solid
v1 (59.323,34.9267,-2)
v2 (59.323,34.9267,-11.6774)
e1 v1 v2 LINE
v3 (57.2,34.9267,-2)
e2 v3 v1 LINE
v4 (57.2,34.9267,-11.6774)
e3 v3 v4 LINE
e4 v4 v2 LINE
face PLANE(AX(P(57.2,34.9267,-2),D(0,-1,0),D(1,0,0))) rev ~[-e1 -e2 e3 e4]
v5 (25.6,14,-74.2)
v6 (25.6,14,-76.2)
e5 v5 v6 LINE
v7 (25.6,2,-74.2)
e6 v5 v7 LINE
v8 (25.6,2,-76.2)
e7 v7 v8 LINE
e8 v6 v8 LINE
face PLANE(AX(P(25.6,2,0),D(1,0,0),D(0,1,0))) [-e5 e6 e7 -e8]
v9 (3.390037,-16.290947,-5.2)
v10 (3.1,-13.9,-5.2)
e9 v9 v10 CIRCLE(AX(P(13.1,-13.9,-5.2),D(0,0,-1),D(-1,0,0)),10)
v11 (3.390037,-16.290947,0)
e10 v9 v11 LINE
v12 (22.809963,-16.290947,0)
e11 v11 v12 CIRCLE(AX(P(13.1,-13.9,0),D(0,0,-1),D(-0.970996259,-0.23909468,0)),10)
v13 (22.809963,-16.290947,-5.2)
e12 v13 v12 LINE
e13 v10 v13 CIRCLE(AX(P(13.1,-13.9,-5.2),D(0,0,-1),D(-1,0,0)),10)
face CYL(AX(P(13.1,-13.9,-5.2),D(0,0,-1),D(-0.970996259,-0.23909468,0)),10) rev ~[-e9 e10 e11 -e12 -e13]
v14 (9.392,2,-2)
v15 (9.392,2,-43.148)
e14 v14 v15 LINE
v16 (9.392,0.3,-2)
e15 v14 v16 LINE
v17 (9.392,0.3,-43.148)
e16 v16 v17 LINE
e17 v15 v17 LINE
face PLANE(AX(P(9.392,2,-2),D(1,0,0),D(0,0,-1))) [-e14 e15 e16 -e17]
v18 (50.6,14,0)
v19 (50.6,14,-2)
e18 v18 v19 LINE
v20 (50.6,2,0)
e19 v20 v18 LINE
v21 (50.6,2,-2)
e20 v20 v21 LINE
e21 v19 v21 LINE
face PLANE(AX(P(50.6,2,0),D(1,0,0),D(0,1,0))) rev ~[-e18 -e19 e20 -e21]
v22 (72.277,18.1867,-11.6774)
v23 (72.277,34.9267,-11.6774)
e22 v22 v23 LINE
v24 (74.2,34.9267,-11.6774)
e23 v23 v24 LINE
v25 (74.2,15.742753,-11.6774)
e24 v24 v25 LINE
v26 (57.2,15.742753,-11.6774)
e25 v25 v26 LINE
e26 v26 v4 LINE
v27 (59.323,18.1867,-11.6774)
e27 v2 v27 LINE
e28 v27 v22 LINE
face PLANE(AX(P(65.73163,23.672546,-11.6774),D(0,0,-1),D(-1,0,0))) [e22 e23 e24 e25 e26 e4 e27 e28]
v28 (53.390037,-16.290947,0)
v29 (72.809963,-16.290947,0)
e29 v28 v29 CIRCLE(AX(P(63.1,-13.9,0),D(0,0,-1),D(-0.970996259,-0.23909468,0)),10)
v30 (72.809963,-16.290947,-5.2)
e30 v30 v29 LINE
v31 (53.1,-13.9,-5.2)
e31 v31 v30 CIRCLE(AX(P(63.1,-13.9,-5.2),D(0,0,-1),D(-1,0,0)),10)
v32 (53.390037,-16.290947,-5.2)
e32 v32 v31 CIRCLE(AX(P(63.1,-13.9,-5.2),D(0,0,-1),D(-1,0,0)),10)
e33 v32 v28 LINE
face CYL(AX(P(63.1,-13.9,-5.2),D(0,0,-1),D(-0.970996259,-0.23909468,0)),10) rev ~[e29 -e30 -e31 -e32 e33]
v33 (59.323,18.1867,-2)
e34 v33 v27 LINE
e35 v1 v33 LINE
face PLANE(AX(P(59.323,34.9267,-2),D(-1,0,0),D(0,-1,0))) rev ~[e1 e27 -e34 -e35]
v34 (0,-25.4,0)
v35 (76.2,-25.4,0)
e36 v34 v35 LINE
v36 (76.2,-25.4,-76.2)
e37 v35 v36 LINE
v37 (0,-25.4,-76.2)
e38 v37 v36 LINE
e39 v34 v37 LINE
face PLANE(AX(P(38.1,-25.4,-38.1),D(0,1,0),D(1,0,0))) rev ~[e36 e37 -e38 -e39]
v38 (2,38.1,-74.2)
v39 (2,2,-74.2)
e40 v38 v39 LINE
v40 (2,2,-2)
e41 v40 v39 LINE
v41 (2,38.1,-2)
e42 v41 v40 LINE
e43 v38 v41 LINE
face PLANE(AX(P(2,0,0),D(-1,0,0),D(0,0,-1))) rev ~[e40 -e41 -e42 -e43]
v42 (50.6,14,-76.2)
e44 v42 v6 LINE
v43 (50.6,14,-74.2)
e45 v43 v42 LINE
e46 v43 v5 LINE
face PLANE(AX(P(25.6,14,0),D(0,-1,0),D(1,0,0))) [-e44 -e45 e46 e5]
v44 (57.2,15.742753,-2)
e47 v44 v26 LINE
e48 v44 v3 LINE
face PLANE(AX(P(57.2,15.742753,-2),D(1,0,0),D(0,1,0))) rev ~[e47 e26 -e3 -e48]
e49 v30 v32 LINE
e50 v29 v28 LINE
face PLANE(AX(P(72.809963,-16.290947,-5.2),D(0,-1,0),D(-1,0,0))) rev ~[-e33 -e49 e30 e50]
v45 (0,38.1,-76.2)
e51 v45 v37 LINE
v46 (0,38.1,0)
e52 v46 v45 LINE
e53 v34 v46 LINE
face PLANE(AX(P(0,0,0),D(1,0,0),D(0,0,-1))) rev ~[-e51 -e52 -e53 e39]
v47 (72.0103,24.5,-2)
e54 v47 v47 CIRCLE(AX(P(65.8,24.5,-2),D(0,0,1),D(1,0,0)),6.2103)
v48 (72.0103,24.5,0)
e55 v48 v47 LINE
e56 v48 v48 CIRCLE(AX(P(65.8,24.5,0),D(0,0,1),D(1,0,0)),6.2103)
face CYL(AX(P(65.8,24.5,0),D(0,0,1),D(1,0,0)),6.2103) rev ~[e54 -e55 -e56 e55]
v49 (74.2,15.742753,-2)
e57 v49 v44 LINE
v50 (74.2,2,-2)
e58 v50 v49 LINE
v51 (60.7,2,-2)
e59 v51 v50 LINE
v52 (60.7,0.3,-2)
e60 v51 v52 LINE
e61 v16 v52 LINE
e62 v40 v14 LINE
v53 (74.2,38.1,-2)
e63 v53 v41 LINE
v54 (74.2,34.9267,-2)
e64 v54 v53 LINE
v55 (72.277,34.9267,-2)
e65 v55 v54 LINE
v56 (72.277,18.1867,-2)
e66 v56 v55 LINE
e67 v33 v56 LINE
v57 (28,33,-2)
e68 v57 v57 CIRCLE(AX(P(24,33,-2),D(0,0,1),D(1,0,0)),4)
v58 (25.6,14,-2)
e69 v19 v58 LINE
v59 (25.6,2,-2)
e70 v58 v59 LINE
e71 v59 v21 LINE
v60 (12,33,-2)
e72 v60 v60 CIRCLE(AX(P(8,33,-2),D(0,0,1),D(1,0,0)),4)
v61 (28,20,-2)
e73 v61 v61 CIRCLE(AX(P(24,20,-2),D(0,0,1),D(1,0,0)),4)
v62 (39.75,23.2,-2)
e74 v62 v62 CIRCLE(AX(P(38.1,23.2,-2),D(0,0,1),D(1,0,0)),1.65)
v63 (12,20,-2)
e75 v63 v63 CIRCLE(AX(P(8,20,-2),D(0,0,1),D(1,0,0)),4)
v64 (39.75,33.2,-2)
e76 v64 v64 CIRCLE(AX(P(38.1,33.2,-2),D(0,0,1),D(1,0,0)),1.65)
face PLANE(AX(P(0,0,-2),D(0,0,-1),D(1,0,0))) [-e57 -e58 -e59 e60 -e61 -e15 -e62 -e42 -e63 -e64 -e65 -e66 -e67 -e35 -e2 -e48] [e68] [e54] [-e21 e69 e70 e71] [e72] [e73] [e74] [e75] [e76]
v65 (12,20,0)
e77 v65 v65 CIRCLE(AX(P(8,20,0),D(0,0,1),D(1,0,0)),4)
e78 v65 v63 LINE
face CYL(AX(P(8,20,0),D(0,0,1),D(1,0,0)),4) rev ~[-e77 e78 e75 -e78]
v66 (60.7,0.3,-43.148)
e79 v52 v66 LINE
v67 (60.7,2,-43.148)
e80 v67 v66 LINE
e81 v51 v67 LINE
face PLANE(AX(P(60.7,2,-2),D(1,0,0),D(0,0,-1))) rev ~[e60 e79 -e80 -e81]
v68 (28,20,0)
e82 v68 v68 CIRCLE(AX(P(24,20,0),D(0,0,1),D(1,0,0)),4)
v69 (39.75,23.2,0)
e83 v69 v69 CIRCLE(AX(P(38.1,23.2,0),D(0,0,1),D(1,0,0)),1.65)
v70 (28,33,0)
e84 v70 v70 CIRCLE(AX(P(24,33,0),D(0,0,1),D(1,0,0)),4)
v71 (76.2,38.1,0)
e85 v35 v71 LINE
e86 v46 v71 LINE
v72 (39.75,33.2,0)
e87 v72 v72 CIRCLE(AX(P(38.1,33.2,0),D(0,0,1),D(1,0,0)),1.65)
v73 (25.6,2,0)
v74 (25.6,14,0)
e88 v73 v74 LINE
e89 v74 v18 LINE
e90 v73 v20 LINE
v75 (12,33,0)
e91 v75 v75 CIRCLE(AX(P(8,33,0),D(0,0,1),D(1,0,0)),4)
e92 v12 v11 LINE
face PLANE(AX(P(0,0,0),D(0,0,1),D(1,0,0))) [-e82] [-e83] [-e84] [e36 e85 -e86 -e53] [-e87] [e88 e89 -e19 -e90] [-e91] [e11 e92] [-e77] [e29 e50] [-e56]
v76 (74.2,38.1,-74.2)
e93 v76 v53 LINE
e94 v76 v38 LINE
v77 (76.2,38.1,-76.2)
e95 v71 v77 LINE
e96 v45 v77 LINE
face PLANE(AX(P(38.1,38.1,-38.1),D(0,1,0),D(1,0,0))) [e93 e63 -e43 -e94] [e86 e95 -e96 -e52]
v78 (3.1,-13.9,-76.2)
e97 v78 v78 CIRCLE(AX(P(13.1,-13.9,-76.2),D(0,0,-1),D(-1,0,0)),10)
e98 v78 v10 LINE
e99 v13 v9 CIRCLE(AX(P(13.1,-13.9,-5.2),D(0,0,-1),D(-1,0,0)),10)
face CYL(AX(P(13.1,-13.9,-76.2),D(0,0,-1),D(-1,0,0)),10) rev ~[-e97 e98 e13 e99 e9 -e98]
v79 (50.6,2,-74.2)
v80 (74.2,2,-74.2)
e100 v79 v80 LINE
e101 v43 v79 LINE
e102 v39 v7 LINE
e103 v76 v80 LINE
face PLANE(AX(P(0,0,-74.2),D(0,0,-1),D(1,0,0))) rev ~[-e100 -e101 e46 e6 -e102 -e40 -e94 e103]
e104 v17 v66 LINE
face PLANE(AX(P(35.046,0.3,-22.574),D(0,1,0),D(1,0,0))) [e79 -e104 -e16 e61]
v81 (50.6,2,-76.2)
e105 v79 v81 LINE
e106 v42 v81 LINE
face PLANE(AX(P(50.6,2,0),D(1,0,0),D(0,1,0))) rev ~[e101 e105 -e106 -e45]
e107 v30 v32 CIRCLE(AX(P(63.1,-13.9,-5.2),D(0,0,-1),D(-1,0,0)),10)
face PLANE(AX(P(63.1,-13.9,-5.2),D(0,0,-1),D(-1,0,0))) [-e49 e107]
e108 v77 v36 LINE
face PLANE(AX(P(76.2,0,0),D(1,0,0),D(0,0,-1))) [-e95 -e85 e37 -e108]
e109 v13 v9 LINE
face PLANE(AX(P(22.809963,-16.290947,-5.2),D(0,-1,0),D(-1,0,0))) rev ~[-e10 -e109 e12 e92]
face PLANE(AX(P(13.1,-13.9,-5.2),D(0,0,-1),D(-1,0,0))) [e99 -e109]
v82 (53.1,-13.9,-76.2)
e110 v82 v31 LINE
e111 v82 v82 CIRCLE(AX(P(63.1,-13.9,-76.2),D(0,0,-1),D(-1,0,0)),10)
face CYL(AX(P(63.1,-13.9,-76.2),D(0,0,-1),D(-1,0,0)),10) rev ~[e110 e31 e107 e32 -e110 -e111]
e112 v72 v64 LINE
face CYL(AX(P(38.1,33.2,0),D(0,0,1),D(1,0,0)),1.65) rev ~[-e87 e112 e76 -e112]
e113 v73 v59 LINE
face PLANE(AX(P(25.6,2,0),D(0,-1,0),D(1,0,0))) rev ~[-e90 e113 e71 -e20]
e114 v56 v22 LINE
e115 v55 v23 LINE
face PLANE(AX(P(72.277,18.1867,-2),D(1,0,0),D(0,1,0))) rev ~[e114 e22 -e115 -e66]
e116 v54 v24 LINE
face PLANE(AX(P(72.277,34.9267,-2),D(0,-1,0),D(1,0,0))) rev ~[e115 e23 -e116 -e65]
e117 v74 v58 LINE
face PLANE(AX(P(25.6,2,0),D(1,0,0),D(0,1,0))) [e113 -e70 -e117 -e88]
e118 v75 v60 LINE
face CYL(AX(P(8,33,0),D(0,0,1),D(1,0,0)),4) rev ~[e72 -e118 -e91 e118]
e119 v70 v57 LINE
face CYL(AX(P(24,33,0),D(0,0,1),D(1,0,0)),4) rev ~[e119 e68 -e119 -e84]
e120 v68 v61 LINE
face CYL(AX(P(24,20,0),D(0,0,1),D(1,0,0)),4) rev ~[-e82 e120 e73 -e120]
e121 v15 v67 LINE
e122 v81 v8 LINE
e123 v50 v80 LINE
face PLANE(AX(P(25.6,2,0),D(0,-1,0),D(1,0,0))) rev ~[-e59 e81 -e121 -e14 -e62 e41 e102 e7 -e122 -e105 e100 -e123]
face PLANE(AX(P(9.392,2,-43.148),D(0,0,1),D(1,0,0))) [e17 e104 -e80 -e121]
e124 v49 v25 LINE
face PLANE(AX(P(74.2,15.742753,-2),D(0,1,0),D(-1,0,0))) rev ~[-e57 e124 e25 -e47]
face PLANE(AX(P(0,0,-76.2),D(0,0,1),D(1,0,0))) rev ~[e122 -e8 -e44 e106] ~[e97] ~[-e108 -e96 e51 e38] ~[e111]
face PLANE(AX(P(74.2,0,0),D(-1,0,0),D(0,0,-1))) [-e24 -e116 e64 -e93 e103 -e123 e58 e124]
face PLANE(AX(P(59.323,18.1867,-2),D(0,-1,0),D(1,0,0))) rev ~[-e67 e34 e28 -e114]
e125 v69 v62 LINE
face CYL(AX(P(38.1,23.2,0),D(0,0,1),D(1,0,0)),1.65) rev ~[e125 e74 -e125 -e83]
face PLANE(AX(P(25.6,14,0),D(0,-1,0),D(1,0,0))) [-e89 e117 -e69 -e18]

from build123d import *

# Parameters (mm, degrees)
SKETCH1_W           = 76.2
SKETCH1_H           = 76.2
BOSS_EXTRUDE1_DEPTH = 38.1
SHELL1_T            = -2
SKETCH2_W           = 25
SKETCH2_H           = 12
CUT_EXTRUDE1_DEPTH  = 115.3
CUT_EXTRUDE2_REACH  = 116.3
SKETCH3_R           = 4
CUT_EXTRUDE3_REACH  = 116.3
SKETCH4_R           = 6.2103
CUT_EXTRUDE4_REACH  = 116.3
SKETCH6_R           = 1.65
SKETCH1_2_W         = 76.2
SKETCH1_2_H         = 76.2
BOSS_EXTRUDE2_DEPTH = 25.4
SKETCH11_R          = 10
CUT_EXTRUDE6_DEPTH  = 71
CUT_EXTRUDE8_REACH  = 112.901
SKETCH16_W          = 51.308
SKETCH16_H          = 41.148
CUT_EXTRUDE9_DEPTH  = 1.7
BOSS_EXTRUDE3_DEPTH = 9.6774


with BuildPart() as part:
    # Sketch1 → Boss-Extrude1 (new body)
    with BuildSketch(Plane(origin=(0, 0, 0), x_dir=(1, 0, 0), z_dir=(0, 1, 0))):
        with Locations((38.1, 38.1)):
            Rectangle(SKETCH1_W, SKETCH1_H)
    extrude(amount=BOSS_EXTRUDE1_DEPTH)

    # Shell1
    shell1_openings = [part.faces().sort_by_distance(p)[0] for p in [
        (38.1, 38.1, -38.1),
    ]]
    offset(amount=SHELL1_T, openings=shell1_openings, kind=Kind.INTERSECTION)

    # Sketch2 → Cut-Extrude1 (cut, through all)
    with BuildSketch(Plane.XY):
        with Locations((38.1, 8)):
            Rectangle(SKETCH2_W, SKETCH2_H)
    extrude(amount=-CUT_EXTRUDE1_DEPTH, mode=Mode.SUBTRACT)

    # Sketch3 → Cut-Extrude2 (cut, up to next)
    with BuildSketch(Plane.XY, mode=Mode.PRIVATE) as cut_extrude2_sk1:
        with Locations((24, 20)):
            Circle(SKETCH3_R)
    cut_extrude2_tool1 = extrude(cut_extrude2_sk1.sketch, amount=-CUT_EXTRUDE2_REACH, mode=Mode.PRIVATE) & part.part
    # Sketch3 → Cut-Extrude2 (cut, up to next)
    with BuildSketch(Plane.XY, mode=Mode.PRIVATE) as cut_extrude2_sk2:
        with Locations((8, 20)):
            Circle(SKETCH3_R)
    cut_extrude2_tool2 = extrude(cut_extrude2_sk2.sketch, amount=-CUT_EXTRUDE2_REACH, mode=Mode.PRIVATE) & part.part
    # Sketch3 → Cut-Extrude2 (cut, up to next)
    with BuildSketch(Plane.XY, mode=Mode.PRIVATE) as cut_extrude2_sk3:
        with Locations((24, 33)):
            Circle(SKETCH3_R)
    cut_extrude2_tool3 = extrude(cut_extrude2_sk3.sketch, amount=-CUT_EXTRUDE2_REACH, mode=Mode.PRIVATE) & part.part
    # Sketch3 → Cut-Extrude2 (cut, up to next)
    with BuildSketch(Plane.XY, mode=Mode.PRIVATE) as cut_extrude2_sk4:
        with Locations((8, 33)):
            Circle(SKETCH3_R)
    cut_extrude2_tool4 = extrude(cut_extrude2_sk4.sketch, amount=-CUT_EXTRUDE2_REACH, mode=Mode.PRIVATE) & part.part
    add(cut_extrude2_tool1.solids().sort_by_distance((24, 20, 0))[0], mode=Mode.SUBTRACT)
    add(cut_extrude2_tool2.solids().sort_by_distance((8, 20, 0))[0], mode=Mode.SUBTRACT)
    add(cut_extrude2_tool3.solids().sort_by_distance((24, 33, 0))[0], mode=Mode.SUBTRACT)
    add(cut_extrude2_tool4.solids().sort_by_distance((8, 33, 0))[0], mode=Mode.SUBTRACT)

    # Sketch4 → Cut-Extrude3 (cut, up to next)
    with BuildSketch(Plane.XY, mode=Mode.PRIVATE) as cut_extrude3_sk1:
        with Locations((65.8, 24.5)):
            Circle(SKETCH4_R)
    cut_extrude3_tool1 = extrude(cut_extrude3_sk1.sketch, amount=-CUT_EXTRUDE3_REACH, mode=Mode.PRIVATE) & part.part
    add(cut_extrude3_tool1.solids().sort_by_distance((65.8, 24.5, 0))[0], mode=Mode.SUBTRACT)

    # Sketch6 → Cut-Extrude4 (cut, up to next)
    with BuildSketch(Plane.XY, mode=Mode.PRIVATE) as cut_extrude4_sk1:
        with Locations((38.1, 23.2)):
            Circle(SKETCH6_R)
    cut_extrude4_tool1 = extrude(cut_extrude4_sk1.sketch, amount=-CUT_EXTRUDE4_REACH, mode=Mode.PRIVATE) & part.part
    # Sketch6 → Cut-Extrude4 (cut, up to next)
    with BuildSketch(Plane.XY, mode=Mode.PRIVATE) as cut_extrude4_sk2:
        with Locations((38.1, 33.2)):
            Circle(SKETCH6_R)
    cut_extrude4_tool2 = extrude(cut_extrude4_sk2.sketch, amount=-CUT_EXTRUDE4_REACH, mode=Mode.PRIVATE) & part.part
    add(cut_extrude4_tool1.solids().sort_by_distance((38.1, 23.2, 0))[0], mode=Mode.SUBTRACT)
    add(cut_extrude4_tool2.solids().sort_by_distance((38.1, 33.2, 0))[0], mode=Mode.SUBTRACT)

    # Sketch1<2> → Boss-Extrude2 (add)
    with BuildSketch(Plane(origin=(0, 0, 0), x_dir=(1, 0, 0), z_dir=(0, 1, 0))):
        with Locations((38.1, 38.1)):
            Rectangle(SKETCH1_2_W, SKETCH1_2_H)
    extrude(amount=-BOSS_EXTRUDE2_DEPTH)

    # Sketch11 → Cut-Extrude6 (cut)
    with BuildSketch(Plane(origin=(0, 0, -76.2), x_dir=(-1, 0, 0), z_dir=(0, 0, -1))):
        with Locations((-63.1, -13.9)):
            Circle(SKETCH11_R)
        with Locations((-13.1, -13.9)):
            Circle(SKETCH11_R)
    extrude(amount=-CUT_EXTRUDE6_DEPTH, mode=Mode.SUBTRACT)

    # Sketch15 → Cut-Extrude8 (cut, up to next)
    with BuildSketch(Plane(origin=(0, 0, -5.2), x_dir=(-1, 0, 0), z_dir=(0, 0, -1)), mode=Mode.PRIVATE) as cut_extrude8_sk1:
        with BuildLine():
            Line((-72.809962586, -16.290946797), (-53.390037414, -16.290946797))
            ThreePointArc((-53.390037414, -16.290946797), (-63.1, -3.9), (-72.809962586, -16.290946797))
        make_face()
    cut_extrude8_tool1 = extrude(cut_extrude8_sk1.sketch, amount=-CUT_EXTRUDE8_REACH, mode=Mode.PRIVATE) & part.part
    # Sketch15 → Cut-Extrude8 (cut, up to next)
    with BuildSketch(Plane(origin=(0, 0, -5.2), x_dir=(-1, 0, 0), z_dir=(0, 0, -1)), mode=Mode.PRIVATE) as cut_extrude8_sk2:
        with BuildLine():
            Line((-22.809962586, -16.290946797), (-3.390037414, -16.290946797))
            ThreePointArc((-3.390037414, -16.290946797), (-13.1, -3.9), (-22.809962586, -16.290946797))
        make_face()
    cut_extrude8_tool2 = extrude(cut_extrude8_sk2.sketch, amount=-CUT_EXTRUDE8_REACH, mode=Mode.PRIVATE) & part.part
    add(cut_extrude8_tool1.solids().sort_by_distance((63.1, -10.914633, -5.2))[0], mode=Mode.SUBTRACT)
    add(cut_extrude8_tool2.solids().sort_by_distance((13.1, -10.914633, -5.2))[0], mode=Mode.SUBTRACT)

    # Sketch16 → Cut-Extrude9 (cut)
    with BuildSketch(Plane(origin=(0, 2, 0), x_dir=(1, 0, 0), z_dir=(0, 1, 0))):
        with Locations((35.046, 22.574)):
            Rectangle(SKETCH16_W, SKETCH16_H)
    extrude(amount=-CUT_EXTRUDE9_DEPTH, mode=Mode.SUBTRACT)

    # Sketch19 → Boss-Extrude3 (add)
    with BuildSketch(Plane(origin=(0, 0, -2), x_dir=(-1, 0, 0), z_dir=(0, 0, -1))):
        Polygon((-59.323, 34.9267), (-59.323, 18.1867), (-72.277, 18.1867), (-72.277, 34.9267), (-74.2, 34.9267), (-74.2, 15.742753149), (-57.2, 15.742753149), (-57.2, 34.9267), align=None)
    extrude(amount=BOSS_EXTRUDE3_DEPTH)


solid = part.part
